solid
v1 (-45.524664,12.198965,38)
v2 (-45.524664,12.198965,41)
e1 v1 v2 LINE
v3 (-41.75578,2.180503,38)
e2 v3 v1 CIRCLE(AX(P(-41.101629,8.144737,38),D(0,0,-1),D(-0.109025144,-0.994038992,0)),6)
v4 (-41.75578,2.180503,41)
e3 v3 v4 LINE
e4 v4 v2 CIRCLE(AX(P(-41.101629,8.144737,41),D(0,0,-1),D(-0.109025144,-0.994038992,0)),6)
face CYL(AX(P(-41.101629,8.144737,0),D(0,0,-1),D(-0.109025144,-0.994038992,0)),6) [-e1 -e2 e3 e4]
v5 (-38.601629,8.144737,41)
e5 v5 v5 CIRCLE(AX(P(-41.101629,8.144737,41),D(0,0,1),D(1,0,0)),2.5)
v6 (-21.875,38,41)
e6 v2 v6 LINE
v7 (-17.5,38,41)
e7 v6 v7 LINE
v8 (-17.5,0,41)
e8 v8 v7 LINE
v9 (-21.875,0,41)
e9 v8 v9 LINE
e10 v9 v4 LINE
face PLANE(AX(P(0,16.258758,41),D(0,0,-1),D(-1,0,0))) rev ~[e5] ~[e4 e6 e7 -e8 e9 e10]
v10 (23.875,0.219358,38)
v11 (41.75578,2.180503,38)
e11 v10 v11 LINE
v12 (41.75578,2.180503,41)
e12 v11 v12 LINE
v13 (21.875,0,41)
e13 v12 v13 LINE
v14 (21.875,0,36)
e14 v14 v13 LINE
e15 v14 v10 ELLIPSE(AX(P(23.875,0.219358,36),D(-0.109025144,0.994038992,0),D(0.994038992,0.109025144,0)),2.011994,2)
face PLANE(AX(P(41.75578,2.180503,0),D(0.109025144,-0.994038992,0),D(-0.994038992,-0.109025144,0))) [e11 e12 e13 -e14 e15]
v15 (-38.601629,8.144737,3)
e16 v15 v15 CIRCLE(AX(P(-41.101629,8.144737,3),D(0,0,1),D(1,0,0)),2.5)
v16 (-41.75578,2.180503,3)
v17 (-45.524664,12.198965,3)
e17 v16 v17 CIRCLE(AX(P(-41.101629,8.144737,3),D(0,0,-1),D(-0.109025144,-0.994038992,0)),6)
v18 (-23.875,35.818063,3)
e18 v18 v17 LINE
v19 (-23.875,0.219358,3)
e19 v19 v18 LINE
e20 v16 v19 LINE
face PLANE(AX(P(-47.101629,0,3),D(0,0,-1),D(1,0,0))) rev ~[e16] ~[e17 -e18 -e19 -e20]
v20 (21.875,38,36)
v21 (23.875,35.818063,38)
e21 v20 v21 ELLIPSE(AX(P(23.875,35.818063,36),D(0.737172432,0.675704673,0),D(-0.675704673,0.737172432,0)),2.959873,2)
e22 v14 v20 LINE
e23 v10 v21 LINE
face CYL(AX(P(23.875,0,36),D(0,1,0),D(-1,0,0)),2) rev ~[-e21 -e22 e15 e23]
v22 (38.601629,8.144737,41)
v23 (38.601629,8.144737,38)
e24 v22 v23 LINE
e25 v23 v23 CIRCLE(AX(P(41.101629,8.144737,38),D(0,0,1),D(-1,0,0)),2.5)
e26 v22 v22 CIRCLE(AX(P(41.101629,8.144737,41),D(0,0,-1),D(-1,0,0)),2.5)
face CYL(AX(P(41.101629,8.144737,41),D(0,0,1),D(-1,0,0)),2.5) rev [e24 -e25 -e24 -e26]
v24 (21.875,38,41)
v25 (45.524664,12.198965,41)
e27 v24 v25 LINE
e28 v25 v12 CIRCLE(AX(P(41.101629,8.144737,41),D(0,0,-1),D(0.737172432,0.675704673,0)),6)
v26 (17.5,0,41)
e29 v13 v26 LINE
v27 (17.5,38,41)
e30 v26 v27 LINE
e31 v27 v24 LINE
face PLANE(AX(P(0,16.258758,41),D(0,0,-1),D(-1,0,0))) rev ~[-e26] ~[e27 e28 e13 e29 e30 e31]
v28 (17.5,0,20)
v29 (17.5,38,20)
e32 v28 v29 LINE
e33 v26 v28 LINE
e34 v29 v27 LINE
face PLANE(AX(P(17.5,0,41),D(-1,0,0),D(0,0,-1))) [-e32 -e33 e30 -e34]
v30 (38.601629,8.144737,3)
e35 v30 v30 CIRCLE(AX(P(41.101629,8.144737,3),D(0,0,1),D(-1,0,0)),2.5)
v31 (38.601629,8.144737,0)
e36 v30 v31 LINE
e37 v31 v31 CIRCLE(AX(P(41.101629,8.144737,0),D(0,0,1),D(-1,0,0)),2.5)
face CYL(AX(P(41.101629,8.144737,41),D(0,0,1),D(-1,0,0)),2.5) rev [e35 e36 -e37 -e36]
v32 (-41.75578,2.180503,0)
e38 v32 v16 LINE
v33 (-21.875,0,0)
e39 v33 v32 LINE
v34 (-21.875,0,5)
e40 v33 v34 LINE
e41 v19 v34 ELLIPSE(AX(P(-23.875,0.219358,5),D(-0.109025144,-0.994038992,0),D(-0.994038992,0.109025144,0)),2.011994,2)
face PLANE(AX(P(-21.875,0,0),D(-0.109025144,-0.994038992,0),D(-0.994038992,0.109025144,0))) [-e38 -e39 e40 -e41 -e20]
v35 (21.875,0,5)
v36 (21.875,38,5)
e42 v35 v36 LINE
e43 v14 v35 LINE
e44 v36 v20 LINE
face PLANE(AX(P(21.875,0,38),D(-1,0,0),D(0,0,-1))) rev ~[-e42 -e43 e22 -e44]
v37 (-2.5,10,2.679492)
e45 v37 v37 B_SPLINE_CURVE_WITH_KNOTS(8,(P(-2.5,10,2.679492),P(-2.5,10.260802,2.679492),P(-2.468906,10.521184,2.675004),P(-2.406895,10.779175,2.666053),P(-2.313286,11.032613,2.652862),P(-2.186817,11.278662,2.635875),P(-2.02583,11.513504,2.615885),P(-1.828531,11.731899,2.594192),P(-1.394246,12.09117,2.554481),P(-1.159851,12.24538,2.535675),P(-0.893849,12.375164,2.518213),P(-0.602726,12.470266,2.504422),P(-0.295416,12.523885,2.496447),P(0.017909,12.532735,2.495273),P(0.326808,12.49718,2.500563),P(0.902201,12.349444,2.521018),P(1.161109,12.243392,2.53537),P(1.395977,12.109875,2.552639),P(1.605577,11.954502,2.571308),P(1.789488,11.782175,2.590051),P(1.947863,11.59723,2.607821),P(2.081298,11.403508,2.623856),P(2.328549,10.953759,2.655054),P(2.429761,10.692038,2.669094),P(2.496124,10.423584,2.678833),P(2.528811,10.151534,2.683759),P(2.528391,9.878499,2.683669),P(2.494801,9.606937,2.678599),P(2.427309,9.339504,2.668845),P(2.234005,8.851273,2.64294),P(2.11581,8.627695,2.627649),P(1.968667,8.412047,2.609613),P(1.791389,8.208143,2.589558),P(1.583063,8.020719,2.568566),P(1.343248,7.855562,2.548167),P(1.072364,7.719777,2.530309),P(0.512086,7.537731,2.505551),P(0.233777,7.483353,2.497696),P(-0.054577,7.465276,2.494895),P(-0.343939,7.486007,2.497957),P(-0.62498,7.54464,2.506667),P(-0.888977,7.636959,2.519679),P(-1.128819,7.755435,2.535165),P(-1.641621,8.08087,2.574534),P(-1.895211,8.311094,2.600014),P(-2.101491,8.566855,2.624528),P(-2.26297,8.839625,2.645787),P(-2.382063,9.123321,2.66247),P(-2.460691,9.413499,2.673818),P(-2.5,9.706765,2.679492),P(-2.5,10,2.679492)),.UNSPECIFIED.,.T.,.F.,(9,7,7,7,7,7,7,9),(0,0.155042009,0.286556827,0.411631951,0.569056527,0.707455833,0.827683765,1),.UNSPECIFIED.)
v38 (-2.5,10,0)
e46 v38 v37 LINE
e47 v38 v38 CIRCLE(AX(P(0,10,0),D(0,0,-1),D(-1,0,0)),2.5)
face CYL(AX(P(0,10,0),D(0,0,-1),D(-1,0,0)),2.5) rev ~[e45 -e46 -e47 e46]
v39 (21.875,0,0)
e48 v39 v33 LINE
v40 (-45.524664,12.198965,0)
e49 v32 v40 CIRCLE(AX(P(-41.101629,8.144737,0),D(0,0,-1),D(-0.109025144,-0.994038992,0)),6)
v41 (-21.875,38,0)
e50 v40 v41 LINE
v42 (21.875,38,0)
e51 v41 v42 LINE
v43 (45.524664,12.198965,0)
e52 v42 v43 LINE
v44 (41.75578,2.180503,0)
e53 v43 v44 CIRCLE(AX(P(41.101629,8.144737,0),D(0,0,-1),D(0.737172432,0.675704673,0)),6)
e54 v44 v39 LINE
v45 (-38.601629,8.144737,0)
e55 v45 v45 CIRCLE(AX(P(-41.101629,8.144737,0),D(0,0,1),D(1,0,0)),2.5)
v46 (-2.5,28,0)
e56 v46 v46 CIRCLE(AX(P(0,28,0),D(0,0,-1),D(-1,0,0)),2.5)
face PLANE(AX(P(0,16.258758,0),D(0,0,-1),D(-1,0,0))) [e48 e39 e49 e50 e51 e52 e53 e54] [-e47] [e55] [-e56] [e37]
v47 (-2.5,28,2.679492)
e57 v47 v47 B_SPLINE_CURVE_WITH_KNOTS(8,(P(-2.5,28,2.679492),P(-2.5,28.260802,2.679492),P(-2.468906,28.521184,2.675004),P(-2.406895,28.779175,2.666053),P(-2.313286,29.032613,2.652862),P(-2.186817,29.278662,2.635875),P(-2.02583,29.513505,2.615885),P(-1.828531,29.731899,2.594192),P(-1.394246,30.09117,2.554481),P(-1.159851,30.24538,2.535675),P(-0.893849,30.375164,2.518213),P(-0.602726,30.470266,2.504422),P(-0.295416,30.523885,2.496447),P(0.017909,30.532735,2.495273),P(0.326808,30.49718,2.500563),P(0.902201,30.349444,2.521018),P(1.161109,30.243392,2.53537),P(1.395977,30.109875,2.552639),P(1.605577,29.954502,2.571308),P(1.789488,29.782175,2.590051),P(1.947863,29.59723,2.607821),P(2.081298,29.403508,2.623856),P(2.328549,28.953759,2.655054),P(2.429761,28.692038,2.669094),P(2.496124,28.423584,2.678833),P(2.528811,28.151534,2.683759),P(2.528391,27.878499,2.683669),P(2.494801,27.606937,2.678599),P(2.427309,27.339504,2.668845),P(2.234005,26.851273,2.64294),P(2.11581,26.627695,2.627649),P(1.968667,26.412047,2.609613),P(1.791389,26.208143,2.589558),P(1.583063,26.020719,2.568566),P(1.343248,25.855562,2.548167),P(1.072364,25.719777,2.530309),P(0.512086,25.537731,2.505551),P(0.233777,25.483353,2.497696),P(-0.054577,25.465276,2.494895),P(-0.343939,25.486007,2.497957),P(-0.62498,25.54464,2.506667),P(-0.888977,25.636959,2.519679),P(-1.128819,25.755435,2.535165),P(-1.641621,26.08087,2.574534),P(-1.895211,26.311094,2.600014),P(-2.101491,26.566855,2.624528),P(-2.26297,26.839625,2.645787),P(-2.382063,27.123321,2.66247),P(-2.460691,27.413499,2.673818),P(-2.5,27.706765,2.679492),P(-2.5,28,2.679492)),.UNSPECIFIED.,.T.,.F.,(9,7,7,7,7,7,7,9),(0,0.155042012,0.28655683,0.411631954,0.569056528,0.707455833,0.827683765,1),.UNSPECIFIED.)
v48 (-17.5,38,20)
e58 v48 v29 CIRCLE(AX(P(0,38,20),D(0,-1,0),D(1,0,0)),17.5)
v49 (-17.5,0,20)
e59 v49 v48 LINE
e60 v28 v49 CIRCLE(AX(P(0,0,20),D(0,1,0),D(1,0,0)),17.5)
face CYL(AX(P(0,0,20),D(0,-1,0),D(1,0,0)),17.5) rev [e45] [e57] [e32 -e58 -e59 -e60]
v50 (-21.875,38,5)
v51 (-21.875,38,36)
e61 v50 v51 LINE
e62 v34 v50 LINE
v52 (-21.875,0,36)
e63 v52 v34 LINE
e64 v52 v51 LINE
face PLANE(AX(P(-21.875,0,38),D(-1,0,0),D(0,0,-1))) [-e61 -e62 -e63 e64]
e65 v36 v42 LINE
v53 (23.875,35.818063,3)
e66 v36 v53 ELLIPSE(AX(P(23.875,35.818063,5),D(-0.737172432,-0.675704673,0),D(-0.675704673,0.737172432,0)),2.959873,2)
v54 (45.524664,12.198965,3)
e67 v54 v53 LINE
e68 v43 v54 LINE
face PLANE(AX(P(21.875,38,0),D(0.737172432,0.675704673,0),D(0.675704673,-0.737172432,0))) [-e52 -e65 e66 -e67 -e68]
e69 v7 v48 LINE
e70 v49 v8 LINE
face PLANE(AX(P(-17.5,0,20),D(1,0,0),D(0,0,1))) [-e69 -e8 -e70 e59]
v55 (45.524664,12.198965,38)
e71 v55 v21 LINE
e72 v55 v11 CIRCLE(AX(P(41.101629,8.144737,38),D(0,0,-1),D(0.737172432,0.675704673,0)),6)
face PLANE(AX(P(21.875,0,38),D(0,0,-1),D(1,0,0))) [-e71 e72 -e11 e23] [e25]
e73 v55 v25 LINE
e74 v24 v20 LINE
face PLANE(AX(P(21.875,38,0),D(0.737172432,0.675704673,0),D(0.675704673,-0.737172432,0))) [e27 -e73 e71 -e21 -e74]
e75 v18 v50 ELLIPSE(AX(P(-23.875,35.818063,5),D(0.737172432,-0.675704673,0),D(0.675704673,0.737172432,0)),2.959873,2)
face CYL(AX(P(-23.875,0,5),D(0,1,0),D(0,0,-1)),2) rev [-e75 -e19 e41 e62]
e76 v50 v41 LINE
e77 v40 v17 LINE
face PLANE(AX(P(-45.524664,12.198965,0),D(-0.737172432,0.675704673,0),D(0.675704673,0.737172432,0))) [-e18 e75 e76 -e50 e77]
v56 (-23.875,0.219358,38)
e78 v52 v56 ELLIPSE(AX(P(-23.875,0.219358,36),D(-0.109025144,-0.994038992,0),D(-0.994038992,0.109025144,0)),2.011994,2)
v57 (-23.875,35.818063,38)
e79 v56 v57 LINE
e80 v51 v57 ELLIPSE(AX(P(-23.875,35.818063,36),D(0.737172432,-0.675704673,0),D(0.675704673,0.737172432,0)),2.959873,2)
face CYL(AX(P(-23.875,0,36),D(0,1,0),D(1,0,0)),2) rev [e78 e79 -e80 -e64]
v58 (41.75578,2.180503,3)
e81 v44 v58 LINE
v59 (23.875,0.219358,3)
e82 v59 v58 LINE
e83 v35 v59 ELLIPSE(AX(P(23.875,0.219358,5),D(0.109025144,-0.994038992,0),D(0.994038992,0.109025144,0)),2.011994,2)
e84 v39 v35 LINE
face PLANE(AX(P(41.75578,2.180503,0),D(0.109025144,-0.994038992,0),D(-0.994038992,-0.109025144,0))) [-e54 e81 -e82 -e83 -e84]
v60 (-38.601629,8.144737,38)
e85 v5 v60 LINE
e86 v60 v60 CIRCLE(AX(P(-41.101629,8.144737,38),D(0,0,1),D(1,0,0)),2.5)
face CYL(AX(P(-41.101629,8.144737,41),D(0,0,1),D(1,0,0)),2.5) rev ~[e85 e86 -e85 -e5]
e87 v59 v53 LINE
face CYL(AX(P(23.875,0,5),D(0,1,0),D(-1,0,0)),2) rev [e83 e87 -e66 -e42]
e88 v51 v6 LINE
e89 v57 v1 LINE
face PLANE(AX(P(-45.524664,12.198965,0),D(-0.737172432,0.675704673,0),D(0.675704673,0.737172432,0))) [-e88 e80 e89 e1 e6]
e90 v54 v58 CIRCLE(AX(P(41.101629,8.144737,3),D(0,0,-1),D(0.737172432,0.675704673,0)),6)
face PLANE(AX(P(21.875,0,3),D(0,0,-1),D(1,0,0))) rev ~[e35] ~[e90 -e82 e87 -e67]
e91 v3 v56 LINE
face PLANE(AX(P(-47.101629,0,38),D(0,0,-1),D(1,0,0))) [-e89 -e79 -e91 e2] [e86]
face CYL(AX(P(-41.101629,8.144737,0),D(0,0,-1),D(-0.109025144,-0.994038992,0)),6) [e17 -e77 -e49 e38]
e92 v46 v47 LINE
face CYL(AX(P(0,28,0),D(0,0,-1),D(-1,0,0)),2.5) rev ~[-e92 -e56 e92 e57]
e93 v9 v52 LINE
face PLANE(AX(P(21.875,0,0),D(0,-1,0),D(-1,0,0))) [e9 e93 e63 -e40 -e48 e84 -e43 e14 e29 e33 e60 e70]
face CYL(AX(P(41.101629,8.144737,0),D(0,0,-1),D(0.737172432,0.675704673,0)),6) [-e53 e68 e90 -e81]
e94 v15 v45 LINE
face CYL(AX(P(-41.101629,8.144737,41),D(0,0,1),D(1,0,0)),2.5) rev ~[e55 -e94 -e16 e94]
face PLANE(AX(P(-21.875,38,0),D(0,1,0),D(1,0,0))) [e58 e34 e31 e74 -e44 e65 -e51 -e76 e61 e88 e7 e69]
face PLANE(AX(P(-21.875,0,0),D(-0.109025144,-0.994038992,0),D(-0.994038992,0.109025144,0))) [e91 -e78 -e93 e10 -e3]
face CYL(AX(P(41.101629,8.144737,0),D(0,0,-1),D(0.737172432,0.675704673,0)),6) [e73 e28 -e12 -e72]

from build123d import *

# Parameters (mm, degrees)
BOSS_EXTRUDE1_DEPTH     = 41
SKETCH3_W               = 25.226628976
SKETCH3_H               = 35
CUT_EXTRUDE2_DEPTH      = 39
CUT_EXTRUDE2_DEPTH_BACK = 1
CUT_EXTRUDE3_DEPTH      = 39
SKETCH5_R               = 2.5
CUT_EXTRUDE4_DEPTH      = 42
SKETCH6_R               = 2.5
CUT_EXTRUDE5_DEPTH      = 42.0000001
FILLET1_R               = 2


with BuildPart() as part:
    # Sketch1 → Boss-Extrude1 (new body)
    with BuildSketch(Plane.XY):
        with BuildLine():
            Line((-21.875, 0), (-41.755779843, 2.180502889))
            ThreePointArc((-41.755779843, 2.180502889), (-46.717396797, 6.03211956), (-45.524663567, 12.198964882))
            Line((-45.524663567, 12.198964882), (-21.875, 38))
            Line((-21.875, 38), (21.875, 38))
            Line((21.875, 38), (45.524663567, 12.198964882))
            ThreePointArc((45.524663567, 12.198964882), (46.717396797, 6.03211956), (41.755779843, 2.180502889))
            Line((41.755779843, 2.180502889), (21.875, 0))
            Line((21.875, 0), (-21.875, 0))
        make_face()
    extrude(amount=BOSS_EXTRUDE1_DEPTH)

    # Sketch3 → Cut-Extrude2 (cut, two sides)
    with BuildSketch(Plane(origin=(0, 0, 0), x_dir=(1, 0, 0), z_dir=(0, 1, 0))) as cut_extrude2_sk:
        with Locations((34.488314488, -20.5)):
            Rectangle(SKETCH3_W, SKETCH3_H)
        with Locations((-34.488314488, -20.5)):
            Rectangle(SKETCH3_W, SKETCH3_H)
    extrude(amount=CUT_EXTRUDE2_DEPTH, mode=Mode.SUBTRACT)
    extrude(cut_extrude2_sk.sketch, amount=-CUT_EXTRUDE2_DEPTH_BACK, mode=Mode.SUBTRACT)

    # Sketch4 → Cut-Extrude3 (cut, through all)
    with BuildSketch(Plane.XZ):
        with BuildLine():
            Line((-17.5, 20), (-17.5, 41))
            Line((-17.5, 41), (17.5, 41))
            Line((17.5, 41), (17.5, 20))
            ThreePointArc((17.5, 20), (0, 2.5), (-17.5, 20))
        make_face()
    extrude(amount=-CUT_EXTRUDE3_DEPTH, mode=Mode.SUBTRACT)

    # Sketch5 → Cut-Extrude4 (cut, through all)
    with BuildSketch(Plane(origin=(0, 0, 0), x_dir=(-1, 0, 0), z_dir=(0, 0, -1))):
        with Locations((0, 28)):
            Circle(SKETCH5_R)
        with Locations((0, 10)):
            Circle(SKETCH5_R)
    extrude(amount=-CUT_EXTRUDE4_DEPTH, mode=Mode.SUBTRACT)

    # Sketch6 → Cut-Extrude5 (cut, through all)
    with BuildSketch(Plane.XY.offset(41)):
        with Locations((-41.101628976, 8.144736842)):
            Circle(SKETCH6_R)
    cut_extrude5 = extrude(amount=-CUT_EXTRUDE5_DEPTH, mode=Mode.SUBTRACT)

    # Mirror1: Cut-Extrude5 across plane
    add(cut_extrude5.mirror(Plane(origin=(0, 0, 0), x_dir=(0, 0, 1), z_dir=(1, 0, 0))), mode=Mode.SUBTRACT)

    # Fillet1
    fillet1_edges = [part.edges().sort_by_distance(p)[0] for p in [
        (21.875, 19, 3),
        (21.875, 19, 38),
        (-21.875, 19, 38),
        (-21.875, 19, 3),
    ]]
    fillet(fillet1_edges, radius=FILLET1_R)


solid = part.part
